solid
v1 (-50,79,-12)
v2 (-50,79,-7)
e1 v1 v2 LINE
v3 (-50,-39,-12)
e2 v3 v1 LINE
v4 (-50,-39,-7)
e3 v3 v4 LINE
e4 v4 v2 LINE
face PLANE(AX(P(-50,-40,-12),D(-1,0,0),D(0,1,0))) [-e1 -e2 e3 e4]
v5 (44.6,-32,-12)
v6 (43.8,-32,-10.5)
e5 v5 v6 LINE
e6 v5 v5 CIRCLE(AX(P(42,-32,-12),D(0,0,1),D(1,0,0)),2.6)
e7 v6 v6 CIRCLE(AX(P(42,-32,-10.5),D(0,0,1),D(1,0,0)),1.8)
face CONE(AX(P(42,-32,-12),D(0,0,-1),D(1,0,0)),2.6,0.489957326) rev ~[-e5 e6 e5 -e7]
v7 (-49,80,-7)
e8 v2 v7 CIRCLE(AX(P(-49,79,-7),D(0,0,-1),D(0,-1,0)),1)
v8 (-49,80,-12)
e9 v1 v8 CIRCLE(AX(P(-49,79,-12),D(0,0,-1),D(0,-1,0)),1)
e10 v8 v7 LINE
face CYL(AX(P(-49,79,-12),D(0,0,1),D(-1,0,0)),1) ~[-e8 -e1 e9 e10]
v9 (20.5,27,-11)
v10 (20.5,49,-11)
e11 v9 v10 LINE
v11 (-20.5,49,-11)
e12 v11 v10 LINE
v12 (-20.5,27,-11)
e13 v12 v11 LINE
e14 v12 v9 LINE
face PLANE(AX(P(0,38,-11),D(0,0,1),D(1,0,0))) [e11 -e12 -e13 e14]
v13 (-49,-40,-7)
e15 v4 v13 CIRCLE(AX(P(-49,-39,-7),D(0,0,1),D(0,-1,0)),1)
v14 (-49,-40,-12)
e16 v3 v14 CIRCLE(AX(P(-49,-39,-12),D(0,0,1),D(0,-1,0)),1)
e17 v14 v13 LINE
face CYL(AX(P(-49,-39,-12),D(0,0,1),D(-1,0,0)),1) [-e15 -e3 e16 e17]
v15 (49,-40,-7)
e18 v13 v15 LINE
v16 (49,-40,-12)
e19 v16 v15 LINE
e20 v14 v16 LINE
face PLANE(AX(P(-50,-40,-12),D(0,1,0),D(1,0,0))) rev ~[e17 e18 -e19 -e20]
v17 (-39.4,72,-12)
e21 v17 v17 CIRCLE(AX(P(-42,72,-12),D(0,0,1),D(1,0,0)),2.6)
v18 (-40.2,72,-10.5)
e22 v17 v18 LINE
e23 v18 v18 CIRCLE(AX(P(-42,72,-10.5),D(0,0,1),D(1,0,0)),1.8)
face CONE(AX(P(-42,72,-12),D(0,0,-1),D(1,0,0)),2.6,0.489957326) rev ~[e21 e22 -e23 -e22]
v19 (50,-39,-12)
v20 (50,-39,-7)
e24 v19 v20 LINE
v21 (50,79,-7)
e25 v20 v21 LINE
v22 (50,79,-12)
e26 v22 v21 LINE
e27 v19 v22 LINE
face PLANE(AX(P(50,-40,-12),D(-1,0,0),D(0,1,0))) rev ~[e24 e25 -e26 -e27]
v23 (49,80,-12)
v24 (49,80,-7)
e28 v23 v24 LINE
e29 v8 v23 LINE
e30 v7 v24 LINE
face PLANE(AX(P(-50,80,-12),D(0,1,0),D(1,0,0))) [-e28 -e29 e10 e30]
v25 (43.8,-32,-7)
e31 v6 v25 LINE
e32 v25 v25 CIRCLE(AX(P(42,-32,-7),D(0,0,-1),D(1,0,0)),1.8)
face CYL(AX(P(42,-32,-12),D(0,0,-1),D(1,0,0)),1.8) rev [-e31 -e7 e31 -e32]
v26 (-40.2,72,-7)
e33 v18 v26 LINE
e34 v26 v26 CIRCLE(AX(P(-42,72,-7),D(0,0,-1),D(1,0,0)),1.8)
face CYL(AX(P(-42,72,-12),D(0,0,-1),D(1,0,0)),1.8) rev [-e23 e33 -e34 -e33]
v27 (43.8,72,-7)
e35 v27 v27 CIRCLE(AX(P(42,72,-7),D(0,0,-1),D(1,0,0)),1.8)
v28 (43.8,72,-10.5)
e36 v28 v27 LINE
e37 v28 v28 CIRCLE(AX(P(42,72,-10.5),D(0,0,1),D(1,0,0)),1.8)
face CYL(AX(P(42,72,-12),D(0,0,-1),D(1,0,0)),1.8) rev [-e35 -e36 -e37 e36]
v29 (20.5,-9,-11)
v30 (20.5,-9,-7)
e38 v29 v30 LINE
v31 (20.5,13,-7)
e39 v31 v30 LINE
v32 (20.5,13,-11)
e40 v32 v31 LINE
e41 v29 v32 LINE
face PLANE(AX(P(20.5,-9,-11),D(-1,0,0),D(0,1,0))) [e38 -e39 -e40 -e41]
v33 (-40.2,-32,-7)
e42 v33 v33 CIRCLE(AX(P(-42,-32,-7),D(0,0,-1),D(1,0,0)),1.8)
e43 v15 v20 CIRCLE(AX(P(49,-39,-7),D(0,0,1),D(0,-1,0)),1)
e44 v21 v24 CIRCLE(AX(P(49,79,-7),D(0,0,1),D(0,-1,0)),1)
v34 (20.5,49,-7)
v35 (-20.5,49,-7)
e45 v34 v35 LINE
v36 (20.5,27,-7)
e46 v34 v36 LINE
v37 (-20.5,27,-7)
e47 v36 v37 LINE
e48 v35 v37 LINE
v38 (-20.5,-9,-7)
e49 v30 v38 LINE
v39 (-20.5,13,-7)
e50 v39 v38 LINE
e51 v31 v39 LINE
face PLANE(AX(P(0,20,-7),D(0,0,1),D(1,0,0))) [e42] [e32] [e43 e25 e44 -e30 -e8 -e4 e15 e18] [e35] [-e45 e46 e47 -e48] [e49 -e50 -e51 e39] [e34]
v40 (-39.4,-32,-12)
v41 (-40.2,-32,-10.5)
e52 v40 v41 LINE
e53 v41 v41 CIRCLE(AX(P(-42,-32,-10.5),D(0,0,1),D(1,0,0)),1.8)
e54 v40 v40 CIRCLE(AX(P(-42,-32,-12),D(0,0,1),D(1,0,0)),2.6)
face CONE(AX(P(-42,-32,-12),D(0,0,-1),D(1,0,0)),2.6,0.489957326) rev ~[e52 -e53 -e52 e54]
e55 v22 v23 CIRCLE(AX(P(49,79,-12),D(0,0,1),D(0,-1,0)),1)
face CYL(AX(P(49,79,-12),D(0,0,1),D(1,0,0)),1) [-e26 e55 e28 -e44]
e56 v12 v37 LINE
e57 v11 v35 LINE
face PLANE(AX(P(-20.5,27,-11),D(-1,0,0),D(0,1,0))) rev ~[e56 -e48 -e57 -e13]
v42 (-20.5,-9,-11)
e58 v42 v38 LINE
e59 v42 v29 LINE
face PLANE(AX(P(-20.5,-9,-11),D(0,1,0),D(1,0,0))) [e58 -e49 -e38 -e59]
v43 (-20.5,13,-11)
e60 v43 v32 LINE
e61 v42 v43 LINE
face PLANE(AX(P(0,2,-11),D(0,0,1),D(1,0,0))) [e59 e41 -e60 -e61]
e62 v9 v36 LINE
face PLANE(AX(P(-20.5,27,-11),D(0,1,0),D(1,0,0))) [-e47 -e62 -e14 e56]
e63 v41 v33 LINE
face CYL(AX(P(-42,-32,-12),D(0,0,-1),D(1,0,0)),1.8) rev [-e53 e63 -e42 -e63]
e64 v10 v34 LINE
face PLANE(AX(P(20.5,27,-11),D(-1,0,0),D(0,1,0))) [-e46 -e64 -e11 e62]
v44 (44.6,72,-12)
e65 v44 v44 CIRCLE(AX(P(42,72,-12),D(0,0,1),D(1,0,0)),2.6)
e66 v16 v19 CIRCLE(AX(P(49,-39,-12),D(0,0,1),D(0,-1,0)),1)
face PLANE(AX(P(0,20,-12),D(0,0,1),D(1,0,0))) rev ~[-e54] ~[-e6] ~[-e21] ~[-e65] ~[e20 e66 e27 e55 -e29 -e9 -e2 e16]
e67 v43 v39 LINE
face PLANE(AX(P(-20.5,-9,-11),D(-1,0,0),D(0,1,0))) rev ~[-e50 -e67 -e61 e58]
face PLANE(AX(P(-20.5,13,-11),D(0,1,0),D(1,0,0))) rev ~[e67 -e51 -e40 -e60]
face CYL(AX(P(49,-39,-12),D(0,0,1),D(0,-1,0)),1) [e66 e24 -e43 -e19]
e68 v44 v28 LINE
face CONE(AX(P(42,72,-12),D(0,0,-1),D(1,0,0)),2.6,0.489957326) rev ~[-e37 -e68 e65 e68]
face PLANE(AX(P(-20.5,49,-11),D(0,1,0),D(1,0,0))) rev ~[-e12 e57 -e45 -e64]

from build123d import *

# Parameters (mm, degrees)
BOX041_W          = 41
BOX041_H          = 22
BOX041_DEPTH      = 10
CYLINDER018_R     = 1.8
CYLINDER018_DEPTH = 6.6
ARRAY016_X_COUNT  = 2
ARRAY016_X_PITCH  = 84
ARRAY016_Y_COUNT  = 2
ARRAY016_Y_PITCH  = 104
BOX042_W          = 41
BOX042_H          = 22
BOX042_DEPTH      = 10
BOX040_W          = 100
BOX040_H          = 120
BOX040_DEPTH      = 5
FILLET008_R       = 1


with BuildPart() as magnit_place002:
    # Box041 → Box041 (new body)
    with BuildSketch(Plane(origin=(-20.5, -9, -11), x_dir=(1, 0, 0), z_dir=(0, 0, 1))):
        with Locations((20.5, 11)):
            Rectangle(BOX041_W, BOX041_H)
    extrude(amount=BOX041_DEPTH)


with BuildPart() as cone:
    # Cone → Cone (revolve)
    with BuildSketch(Plane.XZ):
        Polygon((0, 0), (2.6, 0), (1.8, 1.5), (0, 1.5), align=None)
    revolve(axis=Axis((0, 0, 0), (0, 0, 1)))


with BuildPart() as magnet_stand_cube_hole_array_clone:
    # Cylinder018 → Cylinder018 (new body)
    with BuildSketch(Plane.XY):
        Circle(CYLINDER018_R)
    extrude(amount=CYLINDER018_DEPTH)

    # Fusion005004012: union Cone
    add(cone.part)

    # Array016 X: magnet stand cube hole array clone ×2


with BuildPart() as magnet_stand_cube_hole_array_clone_1:
    add(magnet_stand_cube_hole_array_clone.part)
    with Locations(*[(i * ARRAY016_X_PITCH, 0, 0) for i in range(1, ARRAY016_X_COUNT)]):
        add(magnet_stand_cube_hole_array_clone.part)

    # Array016 Y: magnet stand cube hole array clone ×2


with BuildPart() as magnet_stand_cube_hole_array_clone_2:
    add(magnet_stand_cube_hole_array_clone_1.part)
    with Locations(*[(0, i * ARRAY016_Y_PITCH, 0) for i in range(1, ARRAY016_Y_COUNT)]):
        add(magnet_stand_cube_hole_array_clone_1.part)


with BuildPart() as magnet_stand_cube_hole_array_clone_3:
    # Array016 placement: moved
    add(magnet_stand_cube_hole_array_clone_2.part.moved(Location((-42, -32, -12))))


with BuildPart() as magnit_extract_fusion001:
    # Box042 → Box042 (new body)
    with BuildSketch(Plane(origin=(-20.5, 27, -11), x_dir=(1, 0, 0), z_dir=(0, 0, 1))):
        with Locations((20.5, 11)):
            Rectangle(BOX042_W, BOX042_H)
    extrude(amount=BOX042_DEPTH)

    # Fusion005004011: union magnit place002, magnet stand cube hole array clone
    add(magnit_place002.part)
    add(magnet_stand_cube_hole_array_clone_3.part)


with BuildPart() as magnit_alternative_wall_cut:
    # Box040 → Box040 (new body)
    with BuildSketch(Plane(origin=(-50, -40, -12), x_dir=(1, 0, 0), z_dir=(0, 0, 1))):
        with Locations((50, 60)):
            Rectangle(BOX040_W, BOX040_H)
    extrude(amount=BOX040_DEPTH)

    # Fillet008
    fillet008_edges = [magnit_alternative_wall_cut.edges().sort_by_distance(p)[0] for p in [
        (-50, -40, -9.5),
        (-50, 80, -9.5),
        (50, -40, -9.5),
        (50, 80, -9.5),
    ]]
    fillet(fillet008_edges, radius=FILLET008_R)

    # Cut002003010: cut magnit extract fusion001
    add(magnit_extract_fusion001.part, mode=Mode.SUBTRACT)


solid = magnit_alternative_wall_cut.part
